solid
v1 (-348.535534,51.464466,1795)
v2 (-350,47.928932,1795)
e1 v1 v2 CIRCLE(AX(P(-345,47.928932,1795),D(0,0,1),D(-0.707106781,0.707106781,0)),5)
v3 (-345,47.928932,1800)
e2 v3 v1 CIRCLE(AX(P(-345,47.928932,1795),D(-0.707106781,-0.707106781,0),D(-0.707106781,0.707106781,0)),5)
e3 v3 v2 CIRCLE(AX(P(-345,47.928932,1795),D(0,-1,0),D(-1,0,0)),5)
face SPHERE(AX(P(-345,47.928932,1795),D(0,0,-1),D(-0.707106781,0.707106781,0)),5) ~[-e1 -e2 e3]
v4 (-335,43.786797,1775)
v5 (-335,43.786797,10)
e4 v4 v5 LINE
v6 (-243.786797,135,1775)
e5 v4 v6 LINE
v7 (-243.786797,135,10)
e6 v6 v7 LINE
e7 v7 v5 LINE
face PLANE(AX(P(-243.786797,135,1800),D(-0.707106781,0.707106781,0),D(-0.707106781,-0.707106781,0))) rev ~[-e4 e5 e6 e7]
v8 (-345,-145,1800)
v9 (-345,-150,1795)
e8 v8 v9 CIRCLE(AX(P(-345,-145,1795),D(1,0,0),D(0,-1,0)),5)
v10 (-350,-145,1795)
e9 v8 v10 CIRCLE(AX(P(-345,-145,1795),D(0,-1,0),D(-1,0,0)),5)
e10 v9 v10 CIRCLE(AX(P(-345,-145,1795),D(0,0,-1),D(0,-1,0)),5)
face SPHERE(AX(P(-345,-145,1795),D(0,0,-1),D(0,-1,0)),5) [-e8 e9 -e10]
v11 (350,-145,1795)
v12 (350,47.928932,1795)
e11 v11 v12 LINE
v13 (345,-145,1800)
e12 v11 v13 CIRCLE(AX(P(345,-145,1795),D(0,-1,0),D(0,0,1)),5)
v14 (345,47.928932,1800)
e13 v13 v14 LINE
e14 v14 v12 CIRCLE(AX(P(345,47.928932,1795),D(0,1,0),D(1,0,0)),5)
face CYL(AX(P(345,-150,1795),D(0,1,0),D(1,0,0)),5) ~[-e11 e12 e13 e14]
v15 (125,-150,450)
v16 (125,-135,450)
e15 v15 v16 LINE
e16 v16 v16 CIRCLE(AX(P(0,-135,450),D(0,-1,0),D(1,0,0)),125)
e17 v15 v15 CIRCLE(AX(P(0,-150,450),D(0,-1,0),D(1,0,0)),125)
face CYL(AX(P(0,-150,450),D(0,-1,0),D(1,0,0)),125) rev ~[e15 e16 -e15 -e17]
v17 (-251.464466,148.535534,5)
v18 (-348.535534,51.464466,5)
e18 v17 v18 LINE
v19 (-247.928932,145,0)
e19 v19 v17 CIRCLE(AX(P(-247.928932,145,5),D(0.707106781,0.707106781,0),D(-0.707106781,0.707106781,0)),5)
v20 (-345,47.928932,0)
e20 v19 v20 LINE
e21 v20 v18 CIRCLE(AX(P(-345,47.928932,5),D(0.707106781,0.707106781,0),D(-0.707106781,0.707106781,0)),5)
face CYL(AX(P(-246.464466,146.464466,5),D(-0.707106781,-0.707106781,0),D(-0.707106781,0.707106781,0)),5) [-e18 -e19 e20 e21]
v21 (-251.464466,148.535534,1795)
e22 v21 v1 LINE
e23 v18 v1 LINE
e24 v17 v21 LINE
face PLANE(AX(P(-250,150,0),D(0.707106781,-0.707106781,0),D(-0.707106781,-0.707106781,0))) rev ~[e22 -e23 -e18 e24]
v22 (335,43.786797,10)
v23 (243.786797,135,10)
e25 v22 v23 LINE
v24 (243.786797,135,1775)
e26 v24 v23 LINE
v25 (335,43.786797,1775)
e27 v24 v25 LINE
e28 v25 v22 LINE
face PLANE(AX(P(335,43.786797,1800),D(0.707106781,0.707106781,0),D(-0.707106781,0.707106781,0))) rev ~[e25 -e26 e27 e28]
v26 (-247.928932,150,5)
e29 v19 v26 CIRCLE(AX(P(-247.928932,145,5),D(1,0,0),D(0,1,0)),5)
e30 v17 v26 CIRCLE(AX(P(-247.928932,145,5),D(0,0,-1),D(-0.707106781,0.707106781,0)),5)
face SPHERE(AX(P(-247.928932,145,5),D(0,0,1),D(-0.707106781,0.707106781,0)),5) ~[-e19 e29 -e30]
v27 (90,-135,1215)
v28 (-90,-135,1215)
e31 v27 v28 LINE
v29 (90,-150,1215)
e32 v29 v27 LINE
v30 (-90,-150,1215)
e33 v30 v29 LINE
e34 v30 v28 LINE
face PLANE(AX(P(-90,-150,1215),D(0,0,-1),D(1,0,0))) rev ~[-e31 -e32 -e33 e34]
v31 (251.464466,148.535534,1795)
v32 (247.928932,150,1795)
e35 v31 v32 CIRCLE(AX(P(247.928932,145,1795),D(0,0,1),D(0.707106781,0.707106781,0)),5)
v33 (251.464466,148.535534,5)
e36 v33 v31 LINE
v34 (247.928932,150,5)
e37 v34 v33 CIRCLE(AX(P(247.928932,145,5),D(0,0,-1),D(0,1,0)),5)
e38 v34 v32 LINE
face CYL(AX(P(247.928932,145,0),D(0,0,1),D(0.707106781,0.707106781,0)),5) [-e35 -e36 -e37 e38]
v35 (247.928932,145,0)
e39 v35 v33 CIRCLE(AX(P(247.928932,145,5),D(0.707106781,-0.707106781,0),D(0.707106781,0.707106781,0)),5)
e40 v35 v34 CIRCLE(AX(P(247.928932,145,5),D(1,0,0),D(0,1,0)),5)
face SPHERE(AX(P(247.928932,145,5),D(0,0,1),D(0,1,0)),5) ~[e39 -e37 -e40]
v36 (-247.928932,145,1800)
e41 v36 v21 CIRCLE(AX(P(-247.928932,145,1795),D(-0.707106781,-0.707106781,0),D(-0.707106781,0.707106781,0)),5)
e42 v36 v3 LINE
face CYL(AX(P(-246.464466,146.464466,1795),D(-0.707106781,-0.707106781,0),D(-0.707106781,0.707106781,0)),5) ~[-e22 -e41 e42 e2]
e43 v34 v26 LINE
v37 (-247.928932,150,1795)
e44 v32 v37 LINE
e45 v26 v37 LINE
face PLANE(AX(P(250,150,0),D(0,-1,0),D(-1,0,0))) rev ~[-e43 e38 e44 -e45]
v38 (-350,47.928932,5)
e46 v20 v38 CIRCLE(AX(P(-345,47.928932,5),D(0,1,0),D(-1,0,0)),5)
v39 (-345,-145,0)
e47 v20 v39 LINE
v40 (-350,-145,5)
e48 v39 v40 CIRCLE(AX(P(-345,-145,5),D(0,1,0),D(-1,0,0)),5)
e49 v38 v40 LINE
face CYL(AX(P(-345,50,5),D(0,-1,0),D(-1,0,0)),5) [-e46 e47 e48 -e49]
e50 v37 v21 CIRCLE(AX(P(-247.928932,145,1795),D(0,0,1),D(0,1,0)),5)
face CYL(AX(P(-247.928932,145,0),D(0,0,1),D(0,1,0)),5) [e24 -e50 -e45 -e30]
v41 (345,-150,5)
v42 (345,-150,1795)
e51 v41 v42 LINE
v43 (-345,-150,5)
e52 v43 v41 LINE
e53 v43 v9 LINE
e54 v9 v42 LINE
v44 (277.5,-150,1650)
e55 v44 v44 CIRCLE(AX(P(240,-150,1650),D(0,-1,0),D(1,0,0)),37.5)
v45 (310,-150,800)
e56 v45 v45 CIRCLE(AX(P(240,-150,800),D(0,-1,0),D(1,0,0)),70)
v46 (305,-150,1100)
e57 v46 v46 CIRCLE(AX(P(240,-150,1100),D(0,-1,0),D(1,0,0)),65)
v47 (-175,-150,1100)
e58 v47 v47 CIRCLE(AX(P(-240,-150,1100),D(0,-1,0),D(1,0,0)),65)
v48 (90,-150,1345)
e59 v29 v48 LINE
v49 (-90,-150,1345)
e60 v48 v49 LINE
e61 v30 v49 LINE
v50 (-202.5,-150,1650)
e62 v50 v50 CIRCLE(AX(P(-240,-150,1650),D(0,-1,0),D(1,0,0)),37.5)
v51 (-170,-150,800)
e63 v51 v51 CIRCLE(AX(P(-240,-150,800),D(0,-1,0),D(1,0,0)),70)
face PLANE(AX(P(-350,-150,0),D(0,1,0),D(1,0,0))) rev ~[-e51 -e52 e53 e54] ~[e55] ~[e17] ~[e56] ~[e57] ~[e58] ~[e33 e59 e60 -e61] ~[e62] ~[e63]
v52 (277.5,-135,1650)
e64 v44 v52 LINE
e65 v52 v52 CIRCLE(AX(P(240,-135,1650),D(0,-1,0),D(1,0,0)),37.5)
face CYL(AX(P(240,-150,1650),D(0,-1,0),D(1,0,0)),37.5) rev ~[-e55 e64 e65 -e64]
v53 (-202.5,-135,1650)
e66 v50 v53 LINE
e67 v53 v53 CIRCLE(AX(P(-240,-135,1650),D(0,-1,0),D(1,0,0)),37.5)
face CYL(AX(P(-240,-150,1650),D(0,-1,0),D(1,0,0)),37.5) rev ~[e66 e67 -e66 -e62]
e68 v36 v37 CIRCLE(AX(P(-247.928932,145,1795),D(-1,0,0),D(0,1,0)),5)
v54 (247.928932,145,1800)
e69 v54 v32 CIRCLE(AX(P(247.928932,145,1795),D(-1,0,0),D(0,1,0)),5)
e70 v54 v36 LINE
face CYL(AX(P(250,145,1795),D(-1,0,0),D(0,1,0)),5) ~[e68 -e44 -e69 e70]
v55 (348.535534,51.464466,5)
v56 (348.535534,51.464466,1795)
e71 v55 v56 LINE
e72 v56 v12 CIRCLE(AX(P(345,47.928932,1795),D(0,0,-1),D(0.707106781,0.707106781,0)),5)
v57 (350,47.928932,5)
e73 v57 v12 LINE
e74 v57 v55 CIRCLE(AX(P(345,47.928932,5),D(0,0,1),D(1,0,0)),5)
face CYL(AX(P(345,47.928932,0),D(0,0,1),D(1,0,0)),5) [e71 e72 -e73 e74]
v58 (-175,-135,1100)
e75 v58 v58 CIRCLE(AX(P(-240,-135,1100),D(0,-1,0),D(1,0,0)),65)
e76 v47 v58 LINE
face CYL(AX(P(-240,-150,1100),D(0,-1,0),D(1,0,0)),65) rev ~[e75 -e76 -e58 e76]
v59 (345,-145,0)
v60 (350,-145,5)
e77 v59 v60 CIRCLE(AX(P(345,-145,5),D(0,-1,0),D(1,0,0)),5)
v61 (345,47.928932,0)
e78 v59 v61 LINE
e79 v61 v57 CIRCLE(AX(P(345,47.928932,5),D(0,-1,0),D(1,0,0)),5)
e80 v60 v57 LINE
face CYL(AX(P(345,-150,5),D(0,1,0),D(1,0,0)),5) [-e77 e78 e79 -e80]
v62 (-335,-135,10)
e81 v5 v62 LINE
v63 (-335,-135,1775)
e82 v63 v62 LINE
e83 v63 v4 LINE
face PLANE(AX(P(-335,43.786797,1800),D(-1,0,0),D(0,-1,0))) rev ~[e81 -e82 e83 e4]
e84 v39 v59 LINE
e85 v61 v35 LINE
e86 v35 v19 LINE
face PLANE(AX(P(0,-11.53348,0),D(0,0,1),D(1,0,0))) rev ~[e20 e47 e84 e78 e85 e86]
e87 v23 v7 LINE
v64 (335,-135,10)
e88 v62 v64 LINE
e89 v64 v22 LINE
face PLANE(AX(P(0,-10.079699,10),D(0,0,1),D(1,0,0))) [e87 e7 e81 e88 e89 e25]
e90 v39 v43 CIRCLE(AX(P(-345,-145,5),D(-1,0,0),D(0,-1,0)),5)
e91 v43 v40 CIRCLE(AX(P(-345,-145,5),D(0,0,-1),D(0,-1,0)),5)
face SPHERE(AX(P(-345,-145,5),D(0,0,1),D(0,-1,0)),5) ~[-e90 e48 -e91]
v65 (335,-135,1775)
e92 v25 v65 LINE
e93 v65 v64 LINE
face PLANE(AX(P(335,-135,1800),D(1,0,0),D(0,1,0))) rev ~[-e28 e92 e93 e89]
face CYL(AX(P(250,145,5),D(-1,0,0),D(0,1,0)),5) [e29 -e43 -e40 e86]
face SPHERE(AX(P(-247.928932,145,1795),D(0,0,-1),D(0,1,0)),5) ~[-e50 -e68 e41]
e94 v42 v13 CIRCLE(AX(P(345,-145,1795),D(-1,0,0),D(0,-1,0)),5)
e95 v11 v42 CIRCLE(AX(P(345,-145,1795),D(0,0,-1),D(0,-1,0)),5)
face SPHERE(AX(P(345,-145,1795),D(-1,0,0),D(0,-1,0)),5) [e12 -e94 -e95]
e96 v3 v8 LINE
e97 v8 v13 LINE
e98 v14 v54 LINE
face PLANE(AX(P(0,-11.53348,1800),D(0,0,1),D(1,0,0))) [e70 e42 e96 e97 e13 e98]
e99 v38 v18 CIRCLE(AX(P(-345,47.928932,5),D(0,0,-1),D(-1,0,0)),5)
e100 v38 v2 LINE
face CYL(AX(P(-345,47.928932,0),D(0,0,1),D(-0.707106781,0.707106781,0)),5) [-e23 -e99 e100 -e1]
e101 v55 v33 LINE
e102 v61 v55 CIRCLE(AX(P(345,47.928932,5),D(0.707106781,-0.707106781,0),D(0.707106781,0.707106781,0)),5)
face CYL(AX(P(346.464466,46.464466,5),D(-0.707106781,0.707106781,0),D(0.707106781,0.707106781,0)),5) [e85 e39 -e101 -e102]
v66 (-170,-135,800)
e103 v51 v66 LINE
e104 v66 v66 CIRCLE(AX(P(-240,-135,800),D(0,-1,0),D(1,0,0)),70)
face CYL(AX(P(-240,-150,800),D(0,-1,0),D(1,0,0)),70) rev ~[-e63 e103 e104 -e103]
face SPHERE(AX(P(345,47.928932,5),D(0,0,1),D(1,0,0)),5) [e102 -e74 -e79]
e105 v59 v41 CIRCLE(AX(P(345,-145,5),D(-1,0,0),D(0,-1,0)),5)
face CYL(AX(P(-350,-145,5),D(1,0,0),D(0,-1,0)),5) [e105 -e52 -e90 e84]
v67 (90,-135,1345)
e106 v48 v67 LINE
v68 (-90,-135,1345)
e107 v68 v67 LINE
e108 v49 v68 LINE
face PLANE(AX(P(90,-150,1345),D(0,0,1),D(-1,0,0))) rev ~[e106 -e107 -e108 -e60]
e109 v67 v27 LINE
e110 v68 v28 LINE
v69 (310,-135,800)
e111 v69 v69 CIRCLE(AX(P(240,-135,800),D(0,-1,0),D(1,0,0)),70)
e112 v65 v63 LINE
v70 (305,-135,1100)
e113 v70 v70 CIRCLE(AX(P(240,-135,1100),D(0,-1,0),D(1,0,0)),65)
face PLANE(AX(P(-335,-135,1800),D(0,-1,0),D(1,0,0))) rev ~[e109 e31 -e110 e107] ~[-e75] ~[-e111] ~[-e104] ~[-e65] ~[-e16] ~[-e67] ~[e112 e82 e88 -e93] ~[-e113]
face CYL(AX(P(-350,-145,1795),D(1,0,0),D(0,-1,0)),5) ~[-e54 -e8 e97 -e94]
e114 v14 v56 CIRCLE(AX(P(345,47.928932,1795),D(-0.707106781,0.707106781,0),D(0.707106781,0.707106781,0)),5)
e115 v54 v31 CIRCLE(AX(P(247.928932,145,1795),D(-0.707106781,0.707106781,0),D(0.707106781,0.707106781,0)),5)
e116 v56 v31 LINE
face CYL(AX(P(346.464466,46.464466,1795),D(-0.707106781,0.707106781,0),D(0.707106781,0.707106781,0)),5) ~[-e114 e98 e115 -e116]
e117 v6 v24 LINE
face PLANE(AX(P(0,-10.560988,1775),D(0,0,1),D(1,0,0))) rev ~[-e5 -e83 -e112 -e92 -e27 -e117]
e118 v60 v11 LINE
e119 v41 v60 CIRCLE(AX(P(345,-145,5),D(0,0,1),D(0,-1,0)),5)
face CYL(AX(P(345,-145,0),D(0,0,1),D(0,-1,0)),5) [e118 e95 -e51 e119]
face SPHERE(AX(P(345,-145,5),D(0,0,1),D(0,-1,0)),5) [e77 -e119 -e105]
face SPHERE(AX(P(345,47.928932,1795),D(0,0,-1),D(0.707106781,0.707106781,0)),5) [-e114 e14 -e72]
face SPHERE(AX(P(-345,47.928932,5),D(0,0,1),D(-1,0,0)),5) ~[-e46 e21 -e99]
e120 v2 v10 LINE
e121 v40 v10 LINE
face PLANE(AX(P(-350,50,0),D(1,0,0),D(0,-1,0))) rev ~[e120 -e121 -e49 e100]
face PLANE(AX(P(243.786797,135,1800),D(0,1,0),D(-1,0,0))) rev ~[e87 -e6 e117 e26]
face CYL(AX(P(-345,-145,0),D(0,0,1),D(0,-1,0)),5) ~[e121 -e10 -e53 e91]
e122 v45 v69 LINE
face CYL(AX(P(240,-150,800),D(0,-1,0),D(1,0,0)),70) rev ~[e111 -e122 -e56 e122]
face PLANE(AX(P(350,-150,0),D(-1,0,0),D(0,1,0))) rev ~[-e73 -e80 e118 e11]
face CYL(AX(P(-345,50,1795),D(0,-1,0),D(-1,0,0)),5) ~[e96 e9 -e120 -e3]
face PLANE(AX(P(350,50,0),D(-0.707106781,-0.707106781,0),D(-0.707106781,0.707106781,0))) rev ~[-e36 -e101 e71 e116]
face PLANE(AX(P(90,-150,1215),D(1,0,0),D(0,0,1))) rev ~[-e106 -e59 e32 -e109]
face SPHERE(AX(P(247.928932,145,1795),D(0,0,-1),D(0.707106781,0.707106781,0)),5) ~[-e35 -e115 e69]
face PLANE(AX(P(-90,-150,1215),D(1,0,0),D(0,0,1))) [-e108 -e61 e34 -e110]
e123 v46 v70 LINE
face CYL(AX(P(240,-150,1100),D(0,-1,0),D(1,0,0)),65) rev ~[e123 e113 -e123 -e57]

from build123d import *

# Parameters (mm, degrees)
F1_DEPTH  = 1800
F2_R      = 5
F3_W      = 90
F3_H      = 130
F4_DEPTH  = 25
F6_DEPTH  = 1790
F7_R      = 37.5
F7_R_2    = 65
F7_R_3    = 70
F8_DEPTH  = 15
F10_START = 1775
F10_DEPTH = 25


with BuildPart() as f1:
    # F0 (on Top) → F1 (new body)
    with BuildSketch(Plane.XY):
        Polygon((-350, -150), (350, -150), (350, 50), (250, 150), (0, 150), (-250, 150), (-350, 50), align=None)
    extrude(amount=F1_DEPTH)

    # F2
    f2_edges = [f1.edges().sort_by_distance(p)[0] for p in [
        (-350, -150, 900),
        (0, -150, 1800),
        (350, -150, 900),
        (0, -150, 0),
        (350, -50, 0),
        (-350, -50, 0),
        (-300, 100, 0),
        (0, 150, 0),
        (300, 100, 0),
        (350, 50, 900),
        (250, 150, 900),
        (300, 100, 1800),
        (0, 150, 1800),
        (350, -50, 1800),
        (-300, 100, 1800),
        (-350, -50, 1800),
        (-350, 50, 900),
        (-250, 150, 900),
    ]]
    fillet(f2_edges, radius=F2_R)

    # F3 (on face) → F4 (cut)
    with BuildSketch(Plane.XZ.offset(150)):
        with Locations((-45, 1280)):
            Rectangle(F3_W, F3_H)
        with Locations((45, 1280)):
            Rectangle(F3_W, F3_H)
    extrude(amount=-F4_DEPTH, mode=Mode.SUBTRACT)

    # F5 (on face) → F6 (cut)
    with BuildSketch(Plane.XY.offset(1800)):
        Polygon((335, 43.7867965644), (243.7867965644, 135), (-243.7867965644, 135), (-335, 43.7867965644), (-335, -135), (335, -135), align=None)
    extrude(amount=-F6_DEPTH, mode=Mode.SUBTRACT)

    # F7 (on face) → F8 (cut, through all)
    with BuildSketch(Plane.XZ.offset(150)):
        with Locations((240, 1650)):
            Circle(F7_R)
        with Locations((240, 1100)):
            Circle(F7_R_2)
        with BuildLine():
            ThreePointArc((125, 450), (88.3883476483, 538.3883476483), (0, 575))
            Line((0, 575), (0, 325))
            ThreePointArc((0, 325), (88.3883476483, 361.6116523517), (125, 450))
        make_face()
        with BuildLine():
            Line((0, 325), (0, 575))
            ThreePointArc((0, 575), (-125, 450), (0, 325))
        make_face()
        with Locations((240, 800)):
            Circle(F7_R_3)
        with Locations((-240, 1650)):
            Circle(F7_R)
        with Locations((-240, 1100)):
            Circle(F7_R_2)
        with Locations((-240, 800)):
            Circle(F7_R_3)
    extrude(amount=-F8_DEPTH, mode=Mode.SUBTRACT)

    # F9 (on Top) → F10 (join)
    with BuildSketch(Plane.XY.offset(F10_START)):
        Polygon((340, 45.8578643763), (245.8578643763, 140), (-245.8578643763, 140), (-340, 45.8578643763), (-340, -140), (340, -140), align=None)
    extrude(amount=F10_DEPTH)


solid = f1.part
